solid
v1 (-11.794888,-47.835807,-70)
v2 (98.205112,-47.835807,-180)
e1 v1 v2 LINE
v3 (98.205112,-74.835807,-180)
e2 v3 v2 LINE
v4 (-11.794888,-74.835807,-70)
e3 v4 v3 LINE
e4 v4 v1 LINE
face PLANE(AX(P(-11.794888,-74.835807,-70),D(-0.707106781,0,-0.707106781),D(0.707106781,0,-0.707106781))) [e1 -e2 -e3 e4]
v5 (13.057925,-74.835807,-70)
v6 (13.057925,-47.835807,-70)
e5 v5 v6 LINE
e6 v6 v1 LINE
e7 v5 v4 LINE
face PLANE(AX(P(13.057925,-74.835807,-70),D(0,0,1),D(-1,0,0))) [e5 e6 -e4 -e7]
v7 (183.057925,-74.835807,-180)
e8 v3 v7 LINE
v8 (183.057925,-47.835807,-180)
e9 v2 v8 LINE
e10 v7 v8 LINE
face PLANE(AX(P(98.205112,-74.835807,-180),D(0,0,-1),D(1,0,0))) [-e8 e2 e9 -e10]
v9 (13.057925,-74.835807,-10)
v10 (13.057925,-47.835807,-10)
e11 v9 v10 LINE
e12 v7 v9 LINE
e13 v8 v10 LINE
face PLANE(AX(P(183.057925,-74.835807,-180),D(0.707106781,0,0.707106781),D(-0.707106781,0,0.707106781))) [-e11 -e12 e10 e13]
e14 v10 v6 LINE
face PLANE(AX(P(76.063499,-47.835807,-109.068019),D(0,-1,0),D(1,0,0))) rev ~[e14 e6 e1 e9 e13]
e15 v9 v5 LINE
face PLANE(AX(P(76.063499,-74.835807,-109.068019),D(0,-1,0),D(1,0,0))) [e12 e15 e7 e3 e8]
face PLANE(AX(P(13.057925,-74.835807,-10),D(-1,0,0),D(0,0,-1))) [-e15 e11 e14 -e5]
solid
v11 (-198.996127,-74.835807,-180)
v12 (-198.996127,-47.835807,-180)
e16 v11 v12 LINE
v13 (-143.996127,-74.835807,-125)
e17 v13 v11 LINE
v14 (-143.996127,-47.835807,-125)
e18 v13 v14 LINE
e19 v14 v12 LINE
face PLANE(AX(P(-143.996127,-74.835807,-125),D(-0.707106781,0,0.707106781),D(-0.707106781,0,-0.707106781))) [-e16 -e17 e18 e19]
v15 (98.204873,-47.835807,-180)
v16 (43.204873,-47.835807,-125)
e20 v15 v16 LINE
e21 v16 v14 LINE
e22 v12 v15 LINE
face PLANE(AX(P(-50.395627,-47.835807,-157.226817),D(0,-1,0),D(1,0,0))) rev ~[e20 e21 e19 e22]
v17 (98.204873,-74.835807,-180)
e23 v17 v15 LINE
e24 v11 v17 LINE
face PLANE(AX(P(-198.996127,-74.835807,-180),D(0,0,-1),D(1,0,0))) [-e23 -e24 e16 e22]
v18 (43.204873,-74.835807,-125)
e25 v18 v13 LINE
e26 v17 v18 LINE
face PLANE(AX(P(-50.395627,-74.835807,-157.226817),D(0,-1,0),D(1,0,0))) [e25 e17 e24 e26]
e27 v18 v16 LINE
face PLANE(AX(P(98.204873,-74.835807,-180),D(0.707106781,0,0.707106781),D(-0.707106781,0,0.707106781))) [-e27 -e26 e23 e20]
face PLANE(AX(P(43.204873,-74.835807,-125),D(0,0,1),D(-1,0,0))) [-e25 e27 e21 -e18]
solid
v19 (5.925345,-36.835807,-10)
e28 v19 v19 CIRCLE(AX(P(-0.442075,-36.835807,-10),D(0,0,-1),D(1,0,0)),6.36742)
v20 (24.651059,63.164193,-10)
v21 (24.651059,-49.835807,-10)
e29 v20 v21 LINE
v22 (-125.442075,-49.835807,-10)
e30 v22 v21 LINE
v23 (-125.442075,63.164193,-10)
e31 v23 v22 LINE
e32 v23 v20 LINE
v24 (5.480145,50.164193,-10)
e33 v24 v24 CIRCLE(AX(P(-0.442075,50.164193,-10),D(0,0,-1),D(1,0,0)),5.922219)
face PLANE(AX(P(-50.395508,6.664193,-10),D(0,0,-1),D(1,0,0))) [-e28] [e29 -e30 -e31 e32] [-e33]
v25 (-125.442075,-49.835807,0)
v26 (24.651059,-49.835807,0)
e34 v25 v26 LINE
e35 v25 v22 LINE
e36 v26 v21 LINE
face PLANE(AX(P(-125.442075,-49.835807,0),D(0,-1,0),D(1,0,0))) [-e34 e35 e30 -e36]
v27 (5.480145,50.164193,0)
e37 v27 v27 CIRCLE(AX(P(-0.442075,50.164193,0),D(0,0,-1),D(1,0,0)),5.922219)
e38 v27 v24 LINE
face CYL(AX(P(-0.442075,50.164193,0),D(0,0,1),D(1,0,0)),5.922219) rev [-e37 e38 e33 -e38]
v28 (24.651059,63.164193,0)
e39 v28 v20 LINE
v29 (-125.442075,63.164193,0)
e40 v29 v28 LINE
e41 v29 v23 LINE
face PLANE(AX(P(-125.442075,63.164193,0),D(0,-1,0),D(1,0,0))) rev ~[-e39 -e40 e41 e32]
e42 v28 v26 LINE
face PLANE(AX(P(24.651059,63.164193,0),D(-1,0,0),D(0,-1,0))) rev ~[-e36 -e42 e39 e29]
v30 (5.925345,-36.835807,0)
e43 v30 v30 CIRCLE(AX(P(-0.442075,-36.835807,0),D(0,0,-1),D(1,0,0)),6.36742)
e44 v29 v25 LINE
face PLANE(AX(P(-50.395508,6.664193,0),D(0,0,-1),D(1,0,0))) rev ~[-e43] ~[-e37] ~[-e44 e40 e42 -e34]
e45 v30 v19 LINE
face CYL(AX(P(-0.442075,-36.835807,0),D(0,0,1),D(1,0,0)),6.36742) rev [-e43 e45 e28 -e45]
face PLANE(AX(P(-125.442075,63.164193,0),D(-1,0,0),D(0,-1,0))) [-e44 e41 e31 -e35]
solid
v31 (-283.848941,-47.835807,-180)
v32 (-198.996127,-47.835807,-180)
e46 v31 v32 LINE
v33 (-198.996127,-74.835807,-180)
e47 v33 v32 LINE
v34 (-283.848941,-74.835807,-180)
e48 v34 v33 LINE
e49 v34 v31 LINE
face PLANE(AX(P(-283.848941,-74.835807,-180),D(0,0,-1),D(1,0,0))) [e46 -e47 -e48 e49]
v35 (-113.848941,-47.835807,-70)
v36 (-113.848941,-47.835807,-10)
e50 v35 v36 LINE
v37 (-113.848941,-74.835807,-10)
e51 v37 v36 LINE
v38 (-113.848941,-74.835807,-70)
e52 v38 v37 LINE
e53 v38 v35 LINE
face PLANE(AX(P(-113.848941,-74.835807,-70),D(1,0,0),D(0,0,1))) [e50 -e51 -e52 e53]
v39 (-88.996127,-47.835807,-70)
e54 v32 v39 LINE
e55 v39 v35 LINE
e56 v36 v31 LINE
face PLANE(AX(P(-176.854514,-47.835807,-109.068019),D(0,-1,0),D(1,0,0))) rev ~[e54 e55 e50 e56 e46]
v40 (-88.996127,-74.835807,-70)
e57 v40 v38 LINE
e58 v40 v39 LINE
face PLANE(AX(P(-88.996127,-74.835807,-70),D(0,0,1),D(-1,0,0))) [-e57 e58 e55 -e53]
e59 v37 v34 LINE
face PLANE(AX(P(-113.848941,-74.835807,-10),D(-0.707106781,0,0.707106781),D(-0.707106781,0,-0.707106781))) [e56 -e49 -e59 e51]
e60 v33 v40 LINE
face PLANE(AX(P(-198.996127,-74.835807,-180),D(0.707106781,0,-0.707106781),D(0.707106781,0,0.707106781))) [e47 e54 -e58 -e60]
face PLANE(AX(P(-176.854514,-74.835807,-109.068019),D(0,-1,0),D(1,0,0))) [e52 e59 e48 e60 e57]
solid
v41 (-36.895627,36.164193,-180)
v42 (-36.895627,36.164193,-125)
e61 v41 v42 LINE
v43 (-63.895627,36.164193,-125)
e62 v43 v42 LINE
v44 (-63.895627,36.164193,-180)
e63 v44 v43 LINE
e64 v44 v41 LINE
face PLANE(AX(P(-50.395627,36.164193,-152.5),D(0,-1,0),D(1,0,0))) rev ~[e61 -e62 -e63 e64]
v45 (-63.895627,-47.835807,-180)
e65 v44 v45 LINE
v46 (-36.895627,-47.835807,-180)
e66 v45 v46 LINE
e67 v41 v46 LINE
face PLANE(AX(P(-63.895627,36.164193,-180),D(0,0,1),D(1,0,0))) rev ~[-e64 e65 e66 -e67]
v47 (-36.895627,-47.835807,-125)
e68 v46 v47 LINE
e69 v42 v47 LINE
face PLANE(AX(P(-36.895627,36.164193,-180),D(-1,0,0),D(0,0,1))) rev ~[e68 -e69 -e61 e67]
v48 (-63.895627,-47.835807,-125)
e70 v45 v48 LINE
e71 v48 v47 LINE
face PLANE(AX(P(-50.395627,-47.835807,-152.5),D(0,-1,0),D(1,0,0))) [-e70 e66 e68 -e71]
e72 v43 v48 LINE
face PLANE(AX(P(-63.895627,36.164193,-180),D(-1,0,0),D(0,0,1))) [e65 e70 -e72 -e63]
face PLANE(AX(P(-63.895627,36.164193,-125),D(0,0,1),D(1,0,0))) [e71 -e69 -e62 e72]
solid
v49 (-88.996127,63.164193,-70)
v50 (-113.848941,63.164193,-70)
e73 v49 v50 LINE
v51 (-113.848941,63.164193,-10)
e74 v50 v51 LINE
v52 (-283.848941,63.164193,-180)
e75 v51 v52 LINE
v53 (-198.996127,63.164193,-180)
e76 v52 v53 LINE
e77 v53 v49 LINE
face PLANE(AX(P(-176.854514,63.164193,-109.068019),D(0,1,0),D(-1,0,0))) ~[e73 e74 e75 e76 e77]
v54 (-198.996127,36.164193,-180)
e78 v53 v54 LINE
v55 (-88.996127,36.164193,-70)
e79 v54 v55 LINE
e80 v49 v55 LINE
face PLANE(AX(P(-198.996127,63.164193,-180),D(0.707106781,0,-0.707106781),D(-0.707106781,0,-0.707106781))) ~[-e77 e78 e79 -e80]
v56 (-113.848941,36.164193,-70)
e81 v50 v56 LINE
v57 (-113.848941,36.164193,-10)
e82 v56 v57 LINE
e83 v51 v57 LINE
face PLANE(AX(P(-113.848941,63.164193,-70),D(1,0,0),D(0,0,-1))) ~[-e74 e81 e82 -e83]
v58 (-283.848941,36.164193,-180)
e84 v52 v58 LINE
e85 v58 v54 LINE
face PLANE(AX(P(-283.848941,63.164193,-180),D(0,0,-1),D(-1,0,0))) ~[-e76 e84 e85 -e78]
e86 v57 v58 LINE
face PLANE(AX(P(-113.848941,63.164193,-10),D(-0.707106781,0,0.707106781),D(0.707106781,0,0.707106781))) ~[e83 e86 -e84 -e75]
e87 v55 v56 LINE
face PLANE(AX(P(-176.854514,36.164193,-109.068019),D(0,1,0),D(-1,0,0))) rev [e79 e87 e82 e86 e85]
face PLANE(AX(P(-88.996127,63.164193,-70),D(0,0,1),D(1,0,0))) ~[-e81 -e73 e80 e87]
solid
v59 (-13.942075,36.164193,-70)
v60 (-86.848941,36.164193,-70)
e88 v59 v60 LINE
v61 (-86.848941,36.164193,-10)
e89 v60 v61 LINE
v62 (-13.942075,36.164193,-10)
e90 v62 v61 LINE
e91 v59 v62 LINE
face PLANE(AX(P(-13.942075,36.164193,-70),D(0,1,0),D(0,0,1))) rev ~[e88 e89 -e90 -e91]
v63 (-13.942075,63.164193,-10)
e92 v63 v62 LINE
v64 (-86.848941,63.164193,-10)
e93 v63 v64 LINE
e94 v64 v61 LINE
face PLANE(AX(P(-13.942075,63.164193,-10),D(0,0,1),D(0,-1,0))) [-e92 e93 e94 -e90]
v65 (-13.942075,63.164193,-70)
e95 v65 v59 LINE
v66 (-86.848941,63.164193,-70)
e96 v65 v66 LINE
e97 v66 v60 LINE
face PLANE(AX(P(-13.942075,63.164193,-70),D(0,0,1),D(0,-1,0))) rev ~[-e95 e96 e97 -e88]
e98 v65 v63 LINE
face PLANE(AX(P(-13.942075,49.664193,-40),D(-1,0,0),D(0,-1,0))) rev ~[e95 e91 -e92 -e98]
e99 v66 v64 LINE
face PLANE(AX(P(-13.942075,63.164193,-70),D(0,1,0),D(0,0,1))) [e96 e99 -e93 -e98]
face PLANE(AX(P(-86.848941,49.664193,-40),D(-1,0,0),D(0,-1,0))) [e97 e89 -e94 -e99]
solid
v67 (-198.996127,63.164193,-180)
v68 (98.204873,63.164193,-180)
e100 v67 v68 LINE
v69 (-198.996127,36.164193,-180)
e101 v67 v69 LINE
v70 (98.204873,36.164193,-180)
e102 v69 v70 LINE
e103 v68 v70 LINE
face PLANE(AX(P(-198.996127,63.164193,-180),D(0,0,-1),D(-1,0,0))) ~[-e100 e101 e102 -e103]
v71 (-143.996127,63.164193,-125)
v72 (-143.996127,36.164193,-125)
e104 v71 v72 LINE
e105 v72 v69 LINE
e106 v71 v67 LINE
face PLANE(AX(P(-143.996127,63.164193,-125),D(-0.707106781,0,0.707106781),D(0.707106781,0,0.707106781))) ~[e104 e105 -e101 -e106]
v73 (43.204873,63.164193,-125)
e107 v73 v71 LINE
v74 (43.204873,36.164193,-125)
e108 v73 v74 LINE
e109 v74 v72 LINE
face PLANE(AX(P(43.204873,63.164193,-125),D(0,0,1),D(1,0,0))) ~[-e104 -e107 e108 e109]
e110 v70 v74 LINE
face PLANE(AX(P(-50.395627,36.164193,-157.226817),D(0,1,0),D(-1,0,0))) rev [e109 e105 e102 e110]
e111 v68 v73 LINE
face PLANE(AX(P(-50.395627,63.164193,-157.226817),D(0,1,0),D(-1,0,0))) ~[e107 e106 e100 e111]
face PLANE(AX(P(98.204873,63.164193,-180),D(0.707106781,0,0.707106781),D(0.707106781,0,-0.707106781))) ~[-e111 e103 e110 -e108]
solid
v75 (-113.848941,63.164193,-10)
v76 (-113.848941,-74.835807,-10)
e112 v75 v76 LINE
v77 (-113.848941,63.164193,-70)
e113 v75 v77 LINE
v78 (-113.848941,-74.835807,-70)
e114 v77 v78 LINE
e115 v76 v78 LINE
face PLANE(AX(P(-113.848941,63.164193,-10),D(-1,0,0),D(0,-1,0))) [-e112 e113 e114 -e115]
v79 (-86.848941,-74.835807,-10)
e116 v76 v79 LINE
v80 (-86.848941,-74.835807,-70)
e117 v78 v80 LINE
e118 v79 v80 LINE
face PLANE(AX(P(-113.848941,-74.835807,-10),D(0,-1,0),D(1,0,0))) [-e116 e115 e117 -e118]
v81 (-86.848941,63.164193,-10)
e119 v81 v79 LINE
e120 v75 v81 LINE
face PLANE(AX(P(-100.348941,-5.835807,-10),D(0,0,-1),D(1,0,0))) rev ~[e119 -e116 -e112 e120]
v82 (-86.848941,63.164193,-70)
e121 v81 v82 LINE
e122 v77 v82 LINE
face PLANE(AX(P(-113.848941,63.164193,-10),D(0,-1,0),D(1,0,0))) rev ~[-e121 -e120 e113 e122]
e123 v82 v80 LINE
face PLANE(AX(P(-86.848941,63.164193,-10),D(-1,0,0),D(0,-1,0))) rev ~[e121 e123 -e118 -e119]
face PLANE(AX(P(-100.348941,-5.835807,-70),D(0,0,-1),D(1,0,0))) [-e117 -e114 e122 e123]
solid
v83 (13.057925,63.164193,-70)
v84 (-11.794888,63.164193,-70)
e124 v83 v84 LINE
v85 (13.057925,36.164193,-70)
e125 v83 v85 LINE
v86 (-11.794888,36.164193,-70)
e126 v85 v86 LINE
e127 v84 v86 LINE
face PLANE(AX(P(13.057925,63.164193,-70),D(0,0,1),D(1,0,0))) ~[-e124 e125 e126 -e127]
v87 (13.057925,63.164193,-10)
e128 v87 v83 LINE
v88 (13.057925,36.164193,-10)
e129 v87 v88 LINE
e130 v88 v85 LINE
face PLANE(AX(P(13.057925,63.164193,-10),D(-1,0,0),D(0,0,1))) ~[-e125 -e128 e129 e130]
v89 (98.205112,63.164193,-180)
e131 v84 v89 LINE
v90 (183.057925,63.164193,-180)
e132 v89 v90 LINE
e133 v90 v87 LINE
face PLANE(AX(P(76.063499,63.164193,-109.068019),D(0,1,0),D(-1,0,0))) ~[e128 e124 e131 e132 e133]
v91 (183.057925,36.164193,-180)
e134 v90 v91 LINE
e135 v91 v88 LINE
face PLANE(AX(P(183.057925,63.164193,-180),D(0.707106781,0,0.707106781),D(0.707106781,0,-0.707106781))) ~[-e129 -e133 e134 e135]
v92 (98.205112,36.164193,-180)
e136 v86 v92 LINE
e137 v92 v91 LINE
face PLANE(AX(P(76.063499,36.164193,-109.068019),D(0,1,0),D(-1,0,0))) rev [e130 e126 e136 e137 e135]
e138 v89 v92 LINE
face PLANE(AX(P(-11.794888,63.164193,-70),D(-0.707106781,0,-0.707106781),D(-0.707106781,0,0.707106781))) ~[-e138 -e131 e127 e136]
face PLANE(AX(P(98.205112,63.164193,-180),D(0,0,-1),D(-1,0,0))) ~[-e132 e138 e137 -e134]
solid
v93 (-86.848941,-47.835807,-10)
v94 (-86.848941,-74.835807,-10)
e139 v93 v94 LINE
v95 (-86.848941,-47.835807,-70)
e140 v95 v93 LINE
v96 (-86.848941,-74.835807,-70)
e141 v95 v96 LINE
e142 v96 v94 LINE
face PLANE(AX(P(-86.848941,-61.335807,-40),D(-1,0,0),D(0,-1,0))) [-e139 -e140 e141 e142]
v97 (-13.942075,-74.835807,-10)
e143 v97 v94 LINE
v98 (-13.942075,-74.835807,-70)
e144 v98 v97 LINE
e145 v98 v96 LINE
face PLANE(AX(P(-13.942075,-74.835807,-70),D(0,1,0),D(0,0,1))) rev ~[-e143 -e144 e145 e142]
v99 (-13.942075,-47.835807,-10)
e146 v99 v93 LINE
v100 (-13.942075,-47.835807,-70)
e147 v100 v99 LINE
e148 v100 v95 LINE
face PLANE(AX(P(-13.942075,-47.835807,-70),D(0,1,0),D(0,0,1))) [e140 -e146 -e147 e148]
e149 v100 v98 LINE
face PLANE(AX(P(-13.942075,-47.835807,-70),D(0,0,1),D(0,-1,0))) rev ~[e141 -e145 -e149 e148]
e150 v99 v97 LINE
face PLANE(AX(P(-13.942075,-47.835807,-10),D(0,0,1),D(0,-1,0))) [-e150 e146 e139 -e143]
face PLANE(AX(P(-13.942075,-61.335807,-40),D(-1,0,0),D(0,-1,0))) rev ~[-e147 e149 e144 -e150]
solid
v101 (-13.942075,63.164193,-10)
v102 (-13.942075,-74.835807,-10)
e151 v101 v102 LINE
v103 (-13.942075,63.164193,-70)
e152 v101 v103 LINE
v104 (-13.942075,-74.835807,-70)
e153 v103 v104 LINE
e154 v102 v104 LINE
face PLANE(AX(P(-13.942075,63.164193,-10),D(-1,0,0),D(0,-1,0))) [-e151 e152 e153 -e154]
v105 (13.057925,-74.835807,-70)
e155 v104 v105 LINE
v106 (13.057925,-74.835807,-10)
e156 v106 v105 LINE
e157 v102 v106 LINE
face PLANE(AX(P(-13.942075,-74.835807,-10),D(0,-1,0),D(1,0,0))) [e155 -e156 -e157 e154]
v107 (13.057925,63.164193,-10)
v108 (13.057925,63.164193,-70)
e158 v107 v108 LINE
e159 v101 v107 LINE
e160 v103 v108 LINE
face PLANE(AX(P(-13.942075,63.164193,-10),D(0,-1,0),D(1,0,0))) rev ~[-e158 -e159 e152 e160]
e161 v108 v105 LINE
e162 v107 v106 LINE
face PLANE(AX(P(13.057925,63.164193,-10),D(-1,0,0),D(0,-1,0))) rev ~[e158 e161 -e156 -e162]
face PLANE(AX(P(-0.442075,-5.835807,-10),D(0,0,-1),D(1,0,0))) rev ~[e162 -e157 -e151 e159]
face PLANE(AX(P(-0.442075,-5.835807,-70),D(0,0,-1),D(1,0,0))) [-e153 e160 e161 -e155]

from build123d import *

# Parameters (mm, degrees)
F2_W      = 150
F2_H      = 27
F2_R      = 5.9222192763
F3_DEPTH  = 60
F2_R_2    = 6.3674200107
F4_W      = 150.093134014
F4_H      = 113
F4_R      = 5.9222192763
F4_R_2    = 6.3674200107
F5_DEPTH  = 10
F7_W      = 27
F7_H      = 138
F8_DEPTH  = 60
F10_DEPTH = 27
F12_DEPTH = 27
F14_DEPTH = 27
F17_W     = 27
F17_H     = 55
F18_DEPTH = 84
F19_W     = 27
F19_H     = 60
F20_DEPTH = 72.906865986


with BuildPart() as f3:
    # F2 (on Top) → F3 (new body)
    with BuildSketch(Plane.XY):
        with Locations((-50.4420745202, 49.6641933283)):
            Rectangle(F2_W, F2_H)
        with Locations((-0.4420745202, 50.1641933283)):
            Circle(F2_R, mode=Mode.SUBTRACT)
    extrude(amount=F3_DEPTH)


with BuildPart() as f3b:
    # F2 (on Top) → F3, piece 2 (new body)
    with BuildSketch(Plane.XY):
        with Locations((-50.4420745202, -36.3358066717)):
            Rectangle(F2_W, F2_H)
        with Locations((-0.4420745202, -36.8358066717)):
            Circle(F2_R_2, mode=Mode.SUBTRACT)
    extrude(amount=F3_DEPTH)


with BuildPart() as f5:
    # F4 (on face) → F5 (new body)
    with BuildSketch(Plane(origin=(0, 0, 0), x_dir=(1, 0, 0), z_dir=(0, 0, -1))):
        with Locations((-50.3955075132, -6.6641933283)):
            Rectangle(F4_W, F4_H)
        with Locations((-0.4420745202, -50.1641933283)):
            Circle(F4_R, mode=Mode.SUBTRACT)
        with Locations((-0.4420745202, 36.8358066717)):
            Circle(F4_R_2, mode=Mode.SUBTRACT)
    extrude(amount=F5_DEPTH)


with BuildPart() as f8:
    # F7 (on face) → F8 (new body)
    with BuildSketch(Plane(origin=(0, 0, -10), x_dir=(1, 0, 0), z_dir=(0, 0, -1))):
        with Locations((-0.4420745202, 5.8358066717)):
            Rectangle(F7_W, F7_H)
    extrude(amount=F8_DEPTH)


with BuildPart() as f8b:
    # F7 (on face) → F8, piece 2 (new body)
    with BuildSketch(Plane(origin=(0, 0, -10), x_dir=(1, 0, 0), z_dir=(0, 0, -1))):
        with Locations((-100.3489405062, 5.8358066717)):
            Rectangle(F7_W, F7_H)
    extrude(amount=F8_DEPTH)


with BuildPart() as f10:
    # F9 (on face) → F10 (new body)
    with BuildSketch(Plane.XZ.offset(74.8358066717)):
        Polygon((183.0579254798, -180), (13.0579254798, -10), (13.0579254798, -70), (-11.7948882626, -70), (98.2051117374, -180), align=None)
    extrude(amount=-F10_DEPTH)


with BuildPart() as f12:
    # F11 (on face) → F12 (new body)
    with BuildSketch(Plane.XZ.offset(74.8358066717)):
        Polygon((-113.8489405062, -70), (-113.8489405062, -10), (-283.8489405062, -180), (-198.9961267638, -180), (-88.9961267638, -70), align=None)
    extrude(amount=-F12_DEPTH)


with BuildPart() as f14:
    # F13 (on face) → F14 (new body)
    with BuildSketch(Plane.XZ.offset(74.8358066717)):
        Polygon((-143.9961267638, -125), (-198.9961267638, -180), (98.2048732362, -180), (43.2048732362, -125), align=None)
    extrude(amount=-F14_DEPTH)


with BuildPart() as f16_1:
    # F16: instance of F12
    add(f12.part.mirror(Plane(origin=(-50.3956267638, -5.8358066717, -154.5816043974), x_dir=(1, 0, 0), z_dir=(0, -1, 0))))


with BuildPart() as f16_2:
    # F16: instance of F14
    add(f14.part.mirror(Plane(origin=(-50.3956267638, -5.8358066717, -154.5816043974), x_dir=(1, 0, 0), z_dir=(0, -1, 0))))


with BuildPart() as f16_3:
    # F16: instance of F10
    add(f10.part.mirror(Plane(origin=(-50.3956267638, -5.8358066717, -154.5816043974), x_dir=(1, 0, 0), z_dir=(0, -1, 0))))


with BuildPart() as f18:
    # F17 (on face) → F18 (new body, through all)
    with BuildSketch(Plane.XZ.offset(-36.1641933283)):
        with Locations((-50.3956267638, -152.5)):
            Rectangle(F17_W, F17_H)
    extrude(amount=F18_DEPTH)


with BuildPart() as f20:
    # F19 (on face) → F20 (new body, through all)
    with BuildSketch(Plane(origin=(-13.9420745202, 0, 0), x_dir=(0, -1, 0), z_dir=(-1, 0, 0))):
        with Locations((61.3358066717, -40)):
            Rectangle(F19_W, F19_H)
    extrude(amount=F20_DEPTH)


with BuildPart() as f20b:
    # F19 (on face) → F20, piece 2 (new body, through all)
    with BuildSketch(Plane(origin=(-13.9420745202, 0, 0), x_dir=(0, -1, 0), z_dir=(-1, 0, 0))):
        with Locations((-49.6641933283, -40)):
            Rectangle(F19_W, F19_H)
    extrude(amount=F20_DEPTH)


solid = Compound([f5.part, f8.part, f8b.part, f10.part, f12.part, f14.part, f16_1.part, f16_2.part, f16_3.part, f18.part, f20.part, f20b.part])
